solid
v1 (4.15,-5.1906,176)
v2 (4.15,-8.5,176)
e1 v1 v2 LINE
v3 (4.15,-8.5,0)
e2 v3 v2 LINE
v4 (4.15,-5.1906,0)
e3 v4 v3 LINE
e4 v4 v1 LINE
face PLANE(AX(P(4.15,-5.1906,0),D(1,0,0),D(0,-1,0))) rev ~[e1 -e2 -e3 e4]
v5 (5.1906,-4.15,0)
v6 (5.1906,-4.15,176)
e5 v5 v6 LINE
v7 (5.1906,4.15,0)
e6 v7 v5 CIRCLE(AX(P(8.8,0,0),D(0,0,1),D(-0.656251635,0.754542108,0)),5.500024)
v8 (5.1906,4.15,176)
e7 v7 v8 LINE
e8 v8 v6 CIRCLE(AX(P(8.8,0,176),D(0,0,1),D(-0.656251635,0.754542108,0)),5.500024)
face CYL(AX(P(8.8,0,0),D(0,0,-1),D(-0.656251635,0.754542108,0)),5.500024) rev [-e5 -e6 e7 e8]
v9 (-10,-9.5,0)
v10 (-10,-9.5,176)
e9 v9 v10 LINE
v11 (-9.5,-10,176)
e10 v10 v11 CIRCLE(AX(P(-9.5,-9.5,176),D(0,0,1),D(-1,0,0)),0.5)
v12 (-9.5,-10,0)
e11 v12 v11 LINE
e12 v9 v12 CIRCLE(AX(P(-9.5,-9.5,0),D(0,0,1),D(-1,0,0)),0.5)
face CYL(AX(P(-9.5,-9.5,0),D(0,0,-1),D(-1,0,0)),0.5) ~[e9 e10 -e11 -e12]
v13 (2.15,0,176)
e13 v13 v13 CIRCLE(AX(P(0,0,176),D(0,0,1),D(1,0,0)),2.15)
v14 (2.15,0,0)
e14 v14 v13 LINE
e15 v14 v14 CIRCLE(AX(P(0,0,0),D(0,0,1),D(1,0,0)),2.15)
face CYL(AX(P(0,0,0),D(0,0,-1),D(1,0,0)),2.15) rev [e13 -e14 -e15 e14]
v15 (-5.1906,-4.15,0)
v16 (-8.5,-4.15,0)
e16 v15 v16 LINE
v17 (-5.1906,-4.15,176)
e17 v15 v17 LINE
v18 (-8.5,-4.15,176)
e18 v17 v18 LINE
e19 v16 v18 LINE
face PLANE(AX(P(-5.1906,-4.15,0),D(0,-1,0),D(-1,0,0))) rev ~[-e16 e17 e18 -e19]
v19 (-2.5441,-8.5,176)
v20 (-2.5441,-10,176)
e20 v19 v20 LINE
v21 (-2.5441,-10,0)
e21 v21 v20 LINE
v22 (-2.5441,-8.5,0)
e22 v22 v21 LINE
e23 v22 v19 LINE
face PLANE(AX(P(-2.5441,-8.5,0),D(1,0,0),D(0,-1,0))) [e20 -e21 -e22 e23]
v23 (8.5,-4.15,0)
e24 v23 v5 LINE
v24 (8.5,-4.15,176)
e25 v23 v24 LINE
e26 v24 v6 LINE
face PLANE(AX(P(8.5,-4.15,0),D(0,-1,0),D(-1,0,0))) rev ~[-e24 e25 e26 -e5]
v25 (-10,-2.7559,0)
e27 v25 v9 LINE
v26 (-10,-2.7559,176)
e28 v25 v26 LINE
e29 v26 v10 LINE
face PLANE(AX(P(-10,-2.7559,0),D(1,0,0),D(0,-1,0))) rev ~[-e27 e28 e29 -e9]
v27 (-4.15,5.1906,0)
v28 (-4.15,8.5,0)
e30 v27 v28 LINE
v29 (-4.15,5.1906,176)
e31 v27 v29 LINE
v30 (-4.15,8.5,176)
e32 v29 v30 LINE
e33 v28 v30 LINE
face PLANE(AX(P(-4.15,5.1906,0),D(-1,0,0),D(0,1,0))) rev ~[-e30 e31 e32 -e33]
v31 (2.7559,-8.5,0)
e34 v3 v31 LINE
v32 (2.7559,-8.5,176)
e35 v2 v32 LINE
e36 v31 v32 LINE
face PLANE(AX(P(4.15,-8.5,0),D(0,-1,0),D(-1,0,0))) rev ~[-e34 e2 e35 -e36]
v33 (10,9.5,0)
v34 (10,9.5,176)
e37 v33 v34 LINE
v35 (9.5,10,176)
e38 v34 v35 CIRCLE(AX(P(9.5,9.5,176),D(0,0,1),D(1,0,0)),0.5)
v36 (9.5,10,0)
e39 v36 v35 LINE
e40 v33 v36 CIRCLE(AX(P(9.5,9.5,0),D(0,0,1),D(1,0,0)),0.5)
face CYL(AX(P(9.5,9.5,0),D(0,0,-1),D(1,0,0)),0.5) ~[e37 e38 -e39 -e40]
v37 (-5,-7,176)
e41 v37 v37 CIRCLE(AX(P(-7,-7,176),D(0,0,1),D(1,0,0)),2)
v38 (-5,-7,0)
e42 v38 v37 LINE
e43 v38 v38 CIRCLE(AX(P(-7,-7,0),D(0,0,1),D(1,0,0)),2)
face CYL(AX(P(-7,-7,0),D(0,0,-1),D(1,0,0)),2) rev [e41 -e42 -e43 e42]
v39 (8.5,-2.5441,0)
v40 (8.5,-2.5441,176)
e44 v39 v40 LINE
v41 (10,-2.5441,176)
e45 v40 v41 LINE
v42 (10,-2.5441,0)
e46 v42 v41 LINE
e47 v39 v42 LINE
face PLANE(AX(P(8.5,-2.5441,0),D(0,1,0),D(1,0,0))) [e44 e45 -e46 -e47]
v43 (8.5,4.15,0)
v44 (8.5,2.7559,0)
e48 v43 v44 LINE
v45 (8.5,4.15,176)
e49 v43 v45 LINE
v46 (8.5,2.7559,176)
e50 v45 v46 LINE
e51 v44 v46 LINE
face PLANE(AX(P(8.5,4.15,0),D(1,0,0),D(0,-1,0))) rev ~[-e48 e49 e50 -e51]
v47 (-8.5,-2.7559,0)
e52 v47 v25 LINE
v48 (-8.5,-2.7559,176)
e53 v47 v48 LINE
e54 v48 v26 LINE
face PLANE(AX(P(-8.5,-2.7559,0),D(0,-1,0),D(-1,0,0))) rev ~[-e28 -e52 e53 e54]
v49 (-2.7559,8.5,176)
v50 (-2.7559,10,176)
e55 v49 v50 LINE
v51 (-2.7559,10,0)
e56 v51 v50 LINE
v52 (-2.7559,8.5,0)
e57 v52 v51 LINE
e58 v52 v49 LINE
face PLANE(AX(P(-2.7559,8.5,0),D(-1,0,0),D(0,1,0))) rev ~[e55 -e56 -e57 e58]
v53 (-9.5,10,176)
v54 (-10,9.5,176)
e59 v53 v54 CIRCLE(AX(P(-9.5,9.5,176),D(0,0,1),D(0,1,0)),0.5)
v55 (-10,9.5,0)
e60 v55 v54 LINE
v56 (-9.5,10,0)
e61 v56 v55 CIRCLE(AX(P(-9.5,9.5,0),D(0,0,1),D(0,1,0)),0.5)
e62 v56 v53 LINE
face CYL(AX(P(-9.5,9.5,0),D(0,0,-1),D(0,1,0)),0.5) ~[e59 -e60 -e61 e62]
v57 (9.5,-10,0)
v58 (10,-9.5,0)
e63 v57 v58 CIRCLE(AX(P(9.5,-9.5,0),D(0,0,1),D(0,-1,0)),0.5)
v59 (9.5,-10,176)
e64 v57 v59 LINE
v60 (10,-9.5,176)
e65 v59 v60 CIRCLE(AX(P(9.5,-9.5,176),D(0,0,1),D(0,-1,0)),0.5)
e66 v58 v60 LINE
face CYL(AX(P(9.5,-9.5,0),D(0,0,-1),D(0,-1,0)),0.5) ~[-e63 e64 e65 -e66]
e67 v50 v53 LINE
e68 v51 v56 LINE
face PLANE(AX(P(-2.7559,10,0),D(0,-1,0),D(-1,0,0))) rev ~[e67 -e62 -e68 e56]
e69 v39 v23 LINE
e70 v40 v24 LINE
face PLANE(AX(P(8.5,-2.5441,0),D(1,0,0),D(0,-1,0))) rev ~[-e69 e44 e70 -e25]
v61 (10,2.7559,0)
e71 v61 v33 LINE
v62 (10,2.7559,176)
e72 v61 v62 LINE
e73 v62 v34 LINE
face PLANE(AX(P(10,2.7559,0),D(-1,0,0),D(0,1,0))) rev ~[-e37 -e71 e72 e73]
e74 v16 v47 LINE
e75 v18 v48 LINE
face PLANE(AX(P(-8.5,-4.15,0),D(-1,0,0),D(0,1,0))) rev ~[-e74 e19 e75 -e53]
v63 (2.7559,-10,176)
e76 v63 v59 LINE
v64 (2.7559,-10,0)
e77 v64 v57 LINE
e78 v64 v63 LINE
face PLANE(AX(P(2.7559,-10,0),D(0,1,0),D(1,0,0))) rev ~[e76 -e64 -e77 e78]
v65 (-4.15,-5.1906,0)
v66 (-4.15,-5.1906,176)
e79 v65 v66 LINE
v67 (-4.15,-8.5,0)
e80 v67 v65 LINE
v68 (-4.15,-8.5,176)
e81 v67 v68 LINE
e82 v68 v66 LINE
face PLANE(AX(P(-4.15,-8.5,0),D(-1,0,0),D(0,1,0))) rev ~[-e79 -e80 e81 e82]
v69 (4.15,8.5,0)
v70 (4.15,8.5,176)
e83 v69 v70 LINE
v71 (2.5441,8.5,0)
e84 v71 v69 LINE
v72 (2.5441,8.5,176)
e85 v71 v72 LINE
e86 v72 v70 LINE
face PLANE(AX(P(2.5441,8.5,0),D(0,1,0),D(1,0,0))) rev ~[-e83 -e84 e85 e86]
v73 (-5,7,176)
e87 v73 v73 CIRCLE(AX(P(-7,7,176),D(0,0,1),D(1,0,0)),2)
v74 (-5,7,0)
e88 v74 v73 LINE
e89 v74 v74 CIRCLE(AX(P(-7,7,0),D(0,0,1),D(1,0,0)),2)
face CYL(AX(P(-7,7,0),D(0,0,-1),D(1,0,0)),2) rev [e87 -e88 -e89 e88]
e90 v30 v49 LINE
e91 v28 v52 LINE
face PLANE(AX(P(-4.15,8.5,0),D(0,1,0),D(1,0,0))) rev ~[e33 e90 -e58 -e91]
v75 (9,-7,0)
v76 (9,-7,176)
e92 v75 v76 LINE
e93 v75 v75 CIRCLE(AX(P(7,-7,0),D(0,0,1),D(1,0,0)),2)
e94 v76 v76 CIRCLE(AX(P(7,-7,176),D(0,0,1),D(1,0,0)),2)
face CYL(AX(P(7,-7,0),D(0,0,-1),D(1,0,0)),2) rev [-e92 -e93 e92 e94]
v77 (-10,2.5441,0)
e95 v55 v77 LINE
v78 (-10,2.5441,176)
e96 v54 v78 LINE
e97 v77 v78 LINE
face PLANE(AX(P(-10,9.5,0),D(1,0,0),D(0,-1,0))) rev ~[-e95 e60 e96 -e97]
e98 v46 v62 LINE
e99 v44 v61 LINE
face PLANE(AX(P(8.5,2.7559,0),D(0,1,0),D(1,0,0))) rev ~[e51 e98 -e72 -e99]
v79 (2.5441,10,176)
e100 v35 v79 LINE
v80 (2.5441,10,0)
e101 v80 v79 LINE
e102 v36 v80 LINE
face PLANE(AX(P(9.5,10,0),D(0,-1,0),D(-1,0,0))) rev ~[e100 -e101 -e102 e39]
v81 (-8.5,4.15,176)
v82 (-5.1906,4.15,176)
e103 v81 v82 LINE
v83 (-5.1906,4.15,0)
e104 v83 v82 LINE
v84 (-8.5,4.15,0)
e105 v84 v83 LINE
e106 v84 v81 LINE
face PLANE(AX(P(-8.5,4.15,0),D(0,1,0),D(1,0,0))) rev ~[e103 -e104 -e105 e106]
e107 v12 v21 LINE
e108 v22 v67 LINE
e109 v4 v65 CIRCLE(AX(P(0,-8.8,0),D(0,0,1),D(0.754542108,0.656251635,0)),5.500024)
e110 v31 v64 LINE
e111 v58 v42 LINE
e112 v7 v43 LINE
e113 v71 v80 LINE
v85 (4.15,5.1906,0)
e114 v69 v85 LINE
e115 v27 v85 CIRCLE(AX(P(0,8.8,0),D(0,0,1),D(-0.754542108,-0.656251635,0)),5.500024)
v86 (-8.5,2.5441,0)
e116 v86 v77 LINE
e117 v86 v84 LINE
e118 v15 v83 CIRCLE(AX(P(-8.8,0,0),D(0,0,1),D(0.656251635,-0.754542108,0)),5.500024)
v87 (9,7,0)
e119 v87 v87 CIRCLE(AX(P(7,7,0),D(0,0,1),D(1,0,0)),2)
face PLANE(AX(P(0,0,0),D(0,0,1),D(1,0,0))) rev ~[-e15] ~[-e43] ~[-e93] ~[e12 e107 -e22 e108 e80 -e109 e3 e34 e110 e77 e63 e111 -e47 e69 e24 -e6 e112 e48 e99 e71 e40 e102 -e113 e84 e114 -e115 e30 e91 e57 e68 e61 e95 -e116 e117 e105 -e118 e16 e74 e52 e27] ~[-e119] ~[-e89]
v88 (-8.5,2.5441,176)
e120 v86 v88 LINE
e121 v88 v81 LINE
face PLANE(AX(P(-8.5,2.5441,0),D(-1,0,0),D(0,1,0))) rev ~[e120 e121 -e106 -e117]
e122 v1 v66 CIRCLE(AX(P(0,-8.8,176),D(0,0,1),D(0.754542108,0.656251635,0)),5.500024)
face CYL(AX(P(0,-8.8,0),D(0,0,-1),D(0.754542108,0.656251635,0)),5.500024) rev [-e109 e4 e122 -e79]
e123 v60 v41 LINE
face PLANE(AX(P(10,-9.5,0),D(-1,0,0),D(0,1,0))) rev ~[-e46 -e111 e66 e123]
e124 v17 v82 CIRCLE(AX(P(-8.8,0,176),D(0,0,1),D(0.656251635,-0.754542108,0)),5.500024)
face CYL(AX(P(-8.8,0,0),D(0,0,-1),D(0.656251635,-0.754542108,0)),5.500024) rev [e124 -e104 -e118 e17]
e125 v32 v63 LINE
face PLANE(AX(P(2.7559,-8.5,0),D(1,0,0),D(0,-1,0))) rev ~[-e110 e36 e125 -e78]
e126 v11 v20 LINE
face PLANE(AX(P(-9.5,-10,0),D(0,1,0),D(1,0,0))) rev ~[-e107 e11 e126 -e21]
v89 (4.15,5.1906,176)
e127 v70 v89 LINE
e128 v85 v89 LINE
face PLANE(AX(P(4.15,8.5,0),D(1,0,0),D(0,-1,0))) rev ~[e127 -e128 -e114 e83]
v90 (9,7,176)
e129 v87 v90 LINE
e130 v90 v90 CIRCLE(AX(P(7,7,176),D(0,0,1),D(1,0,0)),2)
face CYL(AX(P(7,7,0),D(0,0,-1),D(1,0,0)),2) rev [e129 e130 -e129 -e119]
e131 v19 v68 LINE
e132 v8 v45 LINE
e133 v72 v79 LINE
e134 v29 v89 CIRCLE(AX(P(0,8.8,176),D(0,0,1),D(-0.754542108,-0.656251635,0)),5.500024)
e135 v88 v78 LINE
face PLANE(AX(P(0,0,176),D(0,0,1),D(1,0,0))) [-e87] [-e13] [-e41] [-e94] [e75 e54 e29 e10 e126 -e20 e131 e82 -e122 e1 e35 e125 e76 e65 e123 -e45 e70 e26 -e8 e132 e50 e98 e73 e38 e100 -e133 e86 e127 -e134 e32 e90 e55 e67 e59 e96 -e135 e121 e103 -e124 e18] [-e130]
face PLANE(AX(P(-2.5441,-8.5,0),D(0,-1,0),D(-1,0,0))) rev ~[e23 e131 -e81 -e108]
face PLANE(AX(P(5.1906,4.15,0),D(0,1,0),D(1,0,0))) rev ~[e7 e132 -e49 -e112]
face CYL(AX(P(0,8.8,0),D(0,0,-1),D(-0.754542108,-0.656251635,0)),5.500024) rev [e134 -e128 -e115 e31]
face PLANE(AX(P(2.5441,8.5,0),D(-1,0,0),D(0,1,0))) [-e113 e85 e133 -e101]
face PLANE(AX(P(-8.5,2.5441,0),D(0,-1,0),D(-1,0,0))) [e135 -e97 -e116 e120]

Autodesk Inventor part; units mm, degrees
ref_plane "YZ Plane" through (0, 0, 0) normal (1, 0, 0) x (0, 1, 0)
ref_plane "XZ Plane" through (0, 0, 0) normal (0, 1, 0) x (-1, 0, 0)
ref_plane "XY Plane" through (0, 0, 0) normal (0, 0, 1) x (1, 0, 0)
sketch "Sketch1" plane through (0, 0, 0) normal (0, 0, 1) x (1, 0, 0)
  line L0 (-10, -10) -> (10, 10) construction
  line L1 (10, -10) -> (-10, 10) construction
  arc A0 (-10, -9.5) -> (-9.5, -10) centre (-9.5, -9.5) ccw
  arc A1 (-9.5, 10) -> (-10, 9.5) centre (-9.5, 9.5) ccw
  arc A2 (10, 9.5) -> (9.5, 10) centre (9.5, 9.5) ccw
  arc A3 (9.5, -10) -> (10, -9.5) centre (9.5, -9.5) ccw
  line L2 (7, -7) -> (-7, -7) construction
  line L3 (-7, -7) -> (-7, 7) construction
  line L4 (-7, 7) -> (7, 7) construction
  line L5 (7, 7) -> (7, -7) construction
  line L6 (7, -7) -> (-7, 7) construction
  line L7 (-7, -7) -> (7, 7) construction
  circle A4 centre (-7, -7) radius 2
  circle A5 centre (-7, 7) radius 2
  circle A6 centre (7, 7) radius 2
  circle A7 centre (7, -7) radius 2
  circle A8 centre (0, 0) radius 2.15
  line L8 (-8.5, 4.15) -> (-5.1906, 4.15)
  arc A9 (-5.1906, -4.15) -> (-5.1906, 4.15) centre (-8.8, 0) ccw
  line L9 (-5.1906, -4.15) -> (-8.5, -4.15)
  line L10 (-8.5, -4.15) -> (-8.5, -2.7559)
  line L11 (-8.5, 2.5441) -> (-8.5, 4.15)
  line L12 (-5.1906, -4.15) -> (-5.1906, 4.15) construction
  line L13 (-8.5, -2.7559) -> (-10, -2.7559)
  line L14 (-8.5, 2.5441) -> (-10, 2.5441)
  line L15 (-10, 9.5) -> (-10, 2.5441)
  line L16 (-10, -2.7559) -> (-10, -9.5)
  line L17 (4.15, -8.5) -> (2.7559, -8.5)
  line L18 (2.7559, -8.5) -> (2.7559, -10)
  line L19 (4.15, -5.1906) -> (-4.15, -5.1906) construction
  arc A10 (4.15, -5.1906) -> (-4.15, -5.1906) centre (0, -8.8) ccw
  line L20 (7, -7) -> (-7, 7) construction
  line L21 (10, -10) -> (-10, 10) construction
  line L22 (-4.15, -8.5) -> (-4.15, -5.1906)
  line L23 (4.15, -5.1906) -> (4.15, -8.5)
  line L24 (-2.5441, -8.5) -> (-2.5441, -10)
  line L25 (-2.5441, -8.5) -> (-4.15, -8.5)
  line L26 (8.5, 4.15) -> (8.5, 2.7559)
  line L27 (8.5, 2.7559) -> (10, 2.7559)
  line L28 (5.1906, 4.15) -> (5.1906, -4.15) construction
  arc A11 (5.1906, 4.15) -> (5.1906, -4.15) centre (8.8, 0) ccw
  line L29 (7, 7) -> (-7, -7) construction
  line L30 (10, 10) -> (-10, -10) construction
  line L31 (8.5, -4.15) -> (5.1906, -4.15)
  line L32 (5.1906, 4.15) -> (8.5, 4.15)
  line L33 (8.5, -2.5441) -> (10, -2.5441)
  line L34 (8.5, -2.5441) -> (8.5, -4.15)
  line L35 (-4.15, 8.5) -> (-2.7559, 8.5)
  line L36 (-2.7559, 8.5) -> (-2.7559, 10)
  line L37 (-4.15, 5.1906) -> (4.15, 5.1906) construction
  arc A12 (-4.15, 5.1906) -> (4.15, 5.1906) centre (0, 8.8) ccw
  line L38 (-7, 7) -> (7, -7) construction
  line L39 (-10, 10) -> (10, -10) construction
  line L40 (4.15, 8.5) -> (4.15, 5.1906)
  line L41 (-4.15, 5.1906) -> (-4.15, 8.5)
  line L42 (2.5441, 8.5) -> (2.5441, 10)
  line L43 (2.5441, 8.5) -> (4.15, 8.5)
  line L44 (-9.5, -10) -> (-2.5441, -10)
  line L45 (2.7559, -10) -> (9.5, -10)
  line L46 (9.5, 10) -> (2.5441, 10)
  line L47 (-2.7559, 10) -> (-9.5, 10)
  line L48 (10, -9.5) -> (10, -2.5441)
  line L49 (10, 2.7559) -> (10, 9.5)
  line L50 (2292.4151, 1187.1915) -> (2314.8128, 1187.1915)
  circle A13 centre (2303.6139, 1187.1915) radius 2.15
  line L51 (2307.7639, 1192.1343) -> (2307.7639, 1195.3915)
  arc A14 (2307.7639, 1195.3915) -> (2307.4639, 1195.6915) centre (2307.4639, 1195.3915) ccw
  line L52 (2307.4639, 1195.6915) -> (2306.5639, 1195.6915)
  arc A15 (2306.2639, 1195.9915) -> (2306.5639, 1195.6915) centre (2306.5639, 1195.9915) ccw
  line L53 (2306.2639, 1195.9915) -> (2306.2639, 1196.8915)
  arc A16 (2306.5639, 1197.1915) -> (2306.2639, 1196.8915) centre (2306.5639, 1196.8915) ccw
  line L54 (2306.5639, 1197.1915) -> (2313.3139, 1197.1915)
  arc A17 (2313.6139, 1196.8915) -> (2313.3139, 1197.1915) centre (2313.3139, 1196.8915) ccw
  line L55 (2313.6139, 1196.8915) -> (2313.6139, 1190.1415)
  arc A18 (2313.3139, 1189.8415) -> (2313.6139, 1190.1415) centre (2313.3139, 1190.1415) ccw
  line L56 (2313.3139, 1189.8415) -> (2312.4139, 1189.8415)
  arc A19 (2312.1139, 1190.1415) -> (2312.4139, 1189.8415) centre (2312.4139, 1190.1415) ccw
  line L57 (2312.1139, 1190.1415) -> (2312.1139, 1191.0415)
  arc A20 (2312.1139, 1191.0415) -> (2311.8139, 1191.3415) centre (2311.8139, 1191.0415) ccw
  line L58 (2311.8139, 1191.3415) -> (2308.5567, 1191.3415)
  arc A21 (2308.5567, 1191.3415) -> (2308.3217, 1191.2281) centre (2308.5567, 1191.0415) ccw
  arc A22 (2308.3217, 1191.2281) -> (2306.9212, 1187.4988) centre (2313.4048, 1187.1915) ccw
  line L59 (2306.9212, 1187.4988) -> (2306.6139, 1187.1915)
  line L60 (2306.6139, 1187.1915) -> (2306.9212, 1186.8843)
  arc A23 (2306.9212, 1186.8843) -> (2308.3217, 1183.155) centre (2313.4048, 1187.1915) ccw
  arc A24 (2308.3217, 1183.155) -> (2308.5567, 1183.0415) centre (2308.5567, 1183.3415) ccw
  line L61 (2308.5567, 1183.0415) -> (2311.8139, 1183.0415)
  arc A25 (2311.8139, 1183.0415) -> (2312.1139, 1183.3415) centre (2311.8139, 1183.3415) ccw
  line L62 (2312.1139, 1183.3415) -> (2312.1139, 1184.2415)
  arc A26 (2312.4139, 1184.5415) -> (2312.1139, 1184.2415) centre (2312.4139, 1184.2415) ccw
  line L63 (2312.4139, 1184.5415) -> (2313.3139, 1184.5415)
  arc A27 (2313.6139, 1184.2415) -> (2313.3139, 1184.5415) centre (2313.3139, 1184.2415) ccw
  line L64 (2313.6139, 1184.2415) -> (2313.6139, 1177.4915)
  arc A28 (2313.3139, 1177.1915) -> (2313.6139, 1177.4915) centre (2313.3139, 1177.4915) ccw
  line L65 (2313.3139, 1177.1915) -> (2306.5639, 1177.1915)
  arc A29 (2306.2639, 1177.4915) -> (2306.5639, 1177.1915) centre (2306.5639, 1177.4915) ccw
  line L66 (2306.2639, 1177.4915) -> (2306.2639, 1178.3915)
  arc A30 (2306.5639, 1178.6915) -> (2306.2639, 1178.3915) centre (2306.5639, 1178.3915) ccw
  line L67 (2306.5639, 1178.6915) -> (2307.4639, 1178.6915)
  arc A31 (2307.4639, 1178.6915) -> (2307.7639, 1178.9915) centre (2307.4639, 1178.9915) ccw
  line L68 (2307.7639, 1178.9915) -> (2307.7639, 1182.2488)
  arc A32 (2307.7639, 1182.2488) -> (2307.6505, 1182.4837) centre (2307.4639, 1182.2488) ccw
  arc A33 (2307.6505, 1182.4837) -> (2303.9212, 1183.8843) centre (2303.6139, 1177.4007) ccw
  line L69 (2303.9212, 1183.8843) -> (2303.6139, 1184.1915)
  line L70 (2303.6139, 1184.1915) -> (2303.3066, 1183.8843)
  arc A34 (2303.3066, 1183.8843) -> (2299.5774, 1182.4837) centre (2303.6139, 1177.4007) ccw
  arc A35 (2299.5774, 1182.4837) -> (2299.4639, 1182.2488) centre (2299.7639, 1182.2488) ccw
  line L71 (2299.4639, 1182.2488) -> (2299.4639, 1178.9915)
  arc A36 (2299.4639, 1178.9915) -> (2299.7639, 1178.6915) centre (2299.7639, 1178.9915) ccw
  line L72 (2299.7639, 1178.6915) -> (2300.6639, 1178.6915)
  arc A37 (2300.9639, 1178.3915) -> (2300.6639, 1178.6915) centre (2300.6639, 1178.3915) ccw
  line L73 (2300.9639, 1178.3915) -> (2300.9639, 1177.4915)
  arc A38 (2300.6639, 1177.1915) -> (2300.9639, 1177.4915) centre (2300.6639, 1177.4915) ccw
  line L74 (2300.6639, 1177.1915) -> (2293.9139, 1177.1915)
  arc A39 (2293.6139, 1177.4915) -> (2293.9139, 1177.1915) centre (2293.9139, 1177.4915) ccw
  line L75 (2293.6139, 1177.4915) -> (2293.6139, 1184.2415)
  arc A40 (2293.9139, 1184.5415) -> (2293.6139, 1184.2415) centre (2293.9139, 1184.2415) ccw
  line L76 (2293.9139, 1184.5415) -> (2294.8139, 1184.5415)
  arc A41 (2295.1139, 1184.2415) -> (2294.8139, 1184.5415) centre (2294.8139, 1184.2415) ccw
  line L77 (2295.1139, 1184.2415) -> (2295.1139, 1183.3415)
  arc A42 (2295.1139, 1183.3415) -> (2295.4139, 1183.0415) centre (2295.4139, 1183.3415) ccw
  line L78 (2295.4139, 1183.0415) -> (2298.6712, 1183.0415)
  arc A43 (2298.6712, 1183.0415) -> (2298.9061, 1183.155) centre (2298.6712, 1183.3415) ccw
  arc A44 (2298.9061, 1183.155) -> (2300.3066, 1186.8843) centre (2293.8231, 1187.1915) ccw
  line L79 (2300.3066, 1186.8843) -> (2300.6139, 1187.1915)
  line L80 (2300.6139, 1187.1915) -> (2300.3066, 1187.4988)
  arc A45 (2300.3066, 1187.4988) -> (2298.9061, 1191.2281) centre (2293.8231, 1187.1915) ccw
  arc A46 (2298.9061, 1191.2281) -> (2298.6712, 1191.3415) centre (2298.6712, 1191.0415) ccw
  line L81 (2298.6712, 1191.3415) -> (2295.4139, 1191.3415)
  arc A47 (2295.4139, 1191.3415) -> (2295.1139, 1191.0415) centre (2295.4139, 1191.0415) ccw
  line L82 (2295.1139, 1191.0415) -> (2295.1139, 1190.1415)
  arc A48 (2294.8139, 1189.8415) -> (2295.1139, 1190.1415) centre (2294.8139, 1190.1415) ccw
  line L83 (2294.8139, 1189.8415) -> (2293.9139, 1189.8415)
  arc A49 (2293.6139, 1190.1415) -> (2293.9139, 1189.8415) centre (2293.9139, 1190.1415) ccw
  line L84 (2293.6139, 1190.1415) -> (2293.6139, 1196.8915)
  arc A50 (2293.9139, 1197.1915) -> (2293.6139, 1196.8915) centre (2293.9139, 1196.8915) ccw
  line L85 (2293.9139, 1197.1915) -> (2300.6639, 1197.1915)
  arc A51 (2300.9639, 1196.8915) -> (2300.6639, 1197.1915) centre (2300.6639, 1196.8915) ccw
  line L86 (2300.9639, 1196.8915) -> (2300.9639, 1195.9915)
  arc A52 (2300.6639, 1195.6915) -> (2300.9639, 1195.9915) centre (2300.6639, 1195.9915) ccw
  line L87 (2300.6639, 1195.6915) -> (2299.7639, 1195.6915)
  arc A53 (2299.7639, 1195.6915) -> (2299.4639, 1195.3915) centre (2299.7639, 1195.3915) ccw
  line L88 (2299.4639, 1195.3915) -> (2299.4639, 1192.1343)
  arc A54 (2299.4639, 1192.1343) -> (2299.5774, 1191.8994) centre (2299.7639, 1192.1343) ccw
  arc A55 (2299.5774, 1191.8994) -> (2303.3066, 1190.4988) centre (2303.6139, 1196.9824) ccw
  line L89 (2303.3066, 1190.4988) -> (2303.6139, 1190.1915)
  line L90 (2303.6139, 1190.1915) -> (2303.9212, 1190.4988)
  arc A56 (2303.9212, 1190.4988) -> (2307.6505, 1191.8994) centre (2303.6139, 1196.9824) ccw
  arc A57 (2307.6505, 1191.8994) -> (2307.7639, 1192.1343) centre (2307.4639, 1192.1343) ccw
  line L91 (2294.1139, 1194.1915) -> (2299.1139, 1194.1915)
  line L92 (2296.6139, 1196.6915) -> (2296.6139, 1191.6915)
  circle A58 centre (2296.6139, 1194.1915) radius 2
  line L93 (2294.1139, 1180.1915) -> (2299.1139, 1180.1915)
  line L94 (2296.6139, 1177.6915) -> (2296.6139, 1182.6915)
  circle A59 centre (2296.6139, 1180.1915) radius 2
  line L95 (2303.6139, 1198.3904) -> (2303.6139, 1175.9927)
  line L96 (2313.1139, 1194.1915) -> (2308.1139, 1194.1915)
  line L97 (2310.6139, 1196.6915) -> (2310.6139, 1191.6915)
  circle A60 centre (2310.6139, 1194.1915) radius 2
  circle A61 centre (2310.6139, 1180.1915) radius 2
  line L98 (2310.6139, 1177.6915) -> (2310.6139, 1182.6915)
  line L99 (2313.1139, 1180.1915) -> (2308.1139, 1180.1915)
  point P0 (-10, 0)
  point P1 (-5.8595, 0)
  point P2 (-5.1906, 0)
  point P3 (-10, 0)
  point P4 (0, -5.8595)
  point P5 (0, -5.1906)
  point P6 (5.8595, 0)
  point P7 (5.1906, 0)
  point P8 (0, 5.8595)
  point P9 (0, 5.1906)
  dimension "d0" = 20
  dimension "d1" = 20
  dimension "d2" = 0.5
  dimension "d3" = 14
  dimension "d4" = 14
  dimension "d5" = 4
  dimension "d6" = 4.3
  dimension "d13" = 5.5
  dimension "d14" = 8.3
  dimension "d16" = 5.3
  dimension "d17" = 6.7
  dimension "d18" = 1.5
  dimension "d21" = 360
extrude "Extrusion1" add sketch "Sketch1" along normal blind 176 contours L16 L13 L10 L9 A9 L8 L11 L14 L15 A1 L47 L36 L35 L41 A12 L40 L43 L42 L46 A2 L49 L27 L26 L32 A11 L31 L34 L33 L48 A3 L45 L18 L17 L23 A10 L22 L25 L24 L44 A0
properties part number "Profile"
